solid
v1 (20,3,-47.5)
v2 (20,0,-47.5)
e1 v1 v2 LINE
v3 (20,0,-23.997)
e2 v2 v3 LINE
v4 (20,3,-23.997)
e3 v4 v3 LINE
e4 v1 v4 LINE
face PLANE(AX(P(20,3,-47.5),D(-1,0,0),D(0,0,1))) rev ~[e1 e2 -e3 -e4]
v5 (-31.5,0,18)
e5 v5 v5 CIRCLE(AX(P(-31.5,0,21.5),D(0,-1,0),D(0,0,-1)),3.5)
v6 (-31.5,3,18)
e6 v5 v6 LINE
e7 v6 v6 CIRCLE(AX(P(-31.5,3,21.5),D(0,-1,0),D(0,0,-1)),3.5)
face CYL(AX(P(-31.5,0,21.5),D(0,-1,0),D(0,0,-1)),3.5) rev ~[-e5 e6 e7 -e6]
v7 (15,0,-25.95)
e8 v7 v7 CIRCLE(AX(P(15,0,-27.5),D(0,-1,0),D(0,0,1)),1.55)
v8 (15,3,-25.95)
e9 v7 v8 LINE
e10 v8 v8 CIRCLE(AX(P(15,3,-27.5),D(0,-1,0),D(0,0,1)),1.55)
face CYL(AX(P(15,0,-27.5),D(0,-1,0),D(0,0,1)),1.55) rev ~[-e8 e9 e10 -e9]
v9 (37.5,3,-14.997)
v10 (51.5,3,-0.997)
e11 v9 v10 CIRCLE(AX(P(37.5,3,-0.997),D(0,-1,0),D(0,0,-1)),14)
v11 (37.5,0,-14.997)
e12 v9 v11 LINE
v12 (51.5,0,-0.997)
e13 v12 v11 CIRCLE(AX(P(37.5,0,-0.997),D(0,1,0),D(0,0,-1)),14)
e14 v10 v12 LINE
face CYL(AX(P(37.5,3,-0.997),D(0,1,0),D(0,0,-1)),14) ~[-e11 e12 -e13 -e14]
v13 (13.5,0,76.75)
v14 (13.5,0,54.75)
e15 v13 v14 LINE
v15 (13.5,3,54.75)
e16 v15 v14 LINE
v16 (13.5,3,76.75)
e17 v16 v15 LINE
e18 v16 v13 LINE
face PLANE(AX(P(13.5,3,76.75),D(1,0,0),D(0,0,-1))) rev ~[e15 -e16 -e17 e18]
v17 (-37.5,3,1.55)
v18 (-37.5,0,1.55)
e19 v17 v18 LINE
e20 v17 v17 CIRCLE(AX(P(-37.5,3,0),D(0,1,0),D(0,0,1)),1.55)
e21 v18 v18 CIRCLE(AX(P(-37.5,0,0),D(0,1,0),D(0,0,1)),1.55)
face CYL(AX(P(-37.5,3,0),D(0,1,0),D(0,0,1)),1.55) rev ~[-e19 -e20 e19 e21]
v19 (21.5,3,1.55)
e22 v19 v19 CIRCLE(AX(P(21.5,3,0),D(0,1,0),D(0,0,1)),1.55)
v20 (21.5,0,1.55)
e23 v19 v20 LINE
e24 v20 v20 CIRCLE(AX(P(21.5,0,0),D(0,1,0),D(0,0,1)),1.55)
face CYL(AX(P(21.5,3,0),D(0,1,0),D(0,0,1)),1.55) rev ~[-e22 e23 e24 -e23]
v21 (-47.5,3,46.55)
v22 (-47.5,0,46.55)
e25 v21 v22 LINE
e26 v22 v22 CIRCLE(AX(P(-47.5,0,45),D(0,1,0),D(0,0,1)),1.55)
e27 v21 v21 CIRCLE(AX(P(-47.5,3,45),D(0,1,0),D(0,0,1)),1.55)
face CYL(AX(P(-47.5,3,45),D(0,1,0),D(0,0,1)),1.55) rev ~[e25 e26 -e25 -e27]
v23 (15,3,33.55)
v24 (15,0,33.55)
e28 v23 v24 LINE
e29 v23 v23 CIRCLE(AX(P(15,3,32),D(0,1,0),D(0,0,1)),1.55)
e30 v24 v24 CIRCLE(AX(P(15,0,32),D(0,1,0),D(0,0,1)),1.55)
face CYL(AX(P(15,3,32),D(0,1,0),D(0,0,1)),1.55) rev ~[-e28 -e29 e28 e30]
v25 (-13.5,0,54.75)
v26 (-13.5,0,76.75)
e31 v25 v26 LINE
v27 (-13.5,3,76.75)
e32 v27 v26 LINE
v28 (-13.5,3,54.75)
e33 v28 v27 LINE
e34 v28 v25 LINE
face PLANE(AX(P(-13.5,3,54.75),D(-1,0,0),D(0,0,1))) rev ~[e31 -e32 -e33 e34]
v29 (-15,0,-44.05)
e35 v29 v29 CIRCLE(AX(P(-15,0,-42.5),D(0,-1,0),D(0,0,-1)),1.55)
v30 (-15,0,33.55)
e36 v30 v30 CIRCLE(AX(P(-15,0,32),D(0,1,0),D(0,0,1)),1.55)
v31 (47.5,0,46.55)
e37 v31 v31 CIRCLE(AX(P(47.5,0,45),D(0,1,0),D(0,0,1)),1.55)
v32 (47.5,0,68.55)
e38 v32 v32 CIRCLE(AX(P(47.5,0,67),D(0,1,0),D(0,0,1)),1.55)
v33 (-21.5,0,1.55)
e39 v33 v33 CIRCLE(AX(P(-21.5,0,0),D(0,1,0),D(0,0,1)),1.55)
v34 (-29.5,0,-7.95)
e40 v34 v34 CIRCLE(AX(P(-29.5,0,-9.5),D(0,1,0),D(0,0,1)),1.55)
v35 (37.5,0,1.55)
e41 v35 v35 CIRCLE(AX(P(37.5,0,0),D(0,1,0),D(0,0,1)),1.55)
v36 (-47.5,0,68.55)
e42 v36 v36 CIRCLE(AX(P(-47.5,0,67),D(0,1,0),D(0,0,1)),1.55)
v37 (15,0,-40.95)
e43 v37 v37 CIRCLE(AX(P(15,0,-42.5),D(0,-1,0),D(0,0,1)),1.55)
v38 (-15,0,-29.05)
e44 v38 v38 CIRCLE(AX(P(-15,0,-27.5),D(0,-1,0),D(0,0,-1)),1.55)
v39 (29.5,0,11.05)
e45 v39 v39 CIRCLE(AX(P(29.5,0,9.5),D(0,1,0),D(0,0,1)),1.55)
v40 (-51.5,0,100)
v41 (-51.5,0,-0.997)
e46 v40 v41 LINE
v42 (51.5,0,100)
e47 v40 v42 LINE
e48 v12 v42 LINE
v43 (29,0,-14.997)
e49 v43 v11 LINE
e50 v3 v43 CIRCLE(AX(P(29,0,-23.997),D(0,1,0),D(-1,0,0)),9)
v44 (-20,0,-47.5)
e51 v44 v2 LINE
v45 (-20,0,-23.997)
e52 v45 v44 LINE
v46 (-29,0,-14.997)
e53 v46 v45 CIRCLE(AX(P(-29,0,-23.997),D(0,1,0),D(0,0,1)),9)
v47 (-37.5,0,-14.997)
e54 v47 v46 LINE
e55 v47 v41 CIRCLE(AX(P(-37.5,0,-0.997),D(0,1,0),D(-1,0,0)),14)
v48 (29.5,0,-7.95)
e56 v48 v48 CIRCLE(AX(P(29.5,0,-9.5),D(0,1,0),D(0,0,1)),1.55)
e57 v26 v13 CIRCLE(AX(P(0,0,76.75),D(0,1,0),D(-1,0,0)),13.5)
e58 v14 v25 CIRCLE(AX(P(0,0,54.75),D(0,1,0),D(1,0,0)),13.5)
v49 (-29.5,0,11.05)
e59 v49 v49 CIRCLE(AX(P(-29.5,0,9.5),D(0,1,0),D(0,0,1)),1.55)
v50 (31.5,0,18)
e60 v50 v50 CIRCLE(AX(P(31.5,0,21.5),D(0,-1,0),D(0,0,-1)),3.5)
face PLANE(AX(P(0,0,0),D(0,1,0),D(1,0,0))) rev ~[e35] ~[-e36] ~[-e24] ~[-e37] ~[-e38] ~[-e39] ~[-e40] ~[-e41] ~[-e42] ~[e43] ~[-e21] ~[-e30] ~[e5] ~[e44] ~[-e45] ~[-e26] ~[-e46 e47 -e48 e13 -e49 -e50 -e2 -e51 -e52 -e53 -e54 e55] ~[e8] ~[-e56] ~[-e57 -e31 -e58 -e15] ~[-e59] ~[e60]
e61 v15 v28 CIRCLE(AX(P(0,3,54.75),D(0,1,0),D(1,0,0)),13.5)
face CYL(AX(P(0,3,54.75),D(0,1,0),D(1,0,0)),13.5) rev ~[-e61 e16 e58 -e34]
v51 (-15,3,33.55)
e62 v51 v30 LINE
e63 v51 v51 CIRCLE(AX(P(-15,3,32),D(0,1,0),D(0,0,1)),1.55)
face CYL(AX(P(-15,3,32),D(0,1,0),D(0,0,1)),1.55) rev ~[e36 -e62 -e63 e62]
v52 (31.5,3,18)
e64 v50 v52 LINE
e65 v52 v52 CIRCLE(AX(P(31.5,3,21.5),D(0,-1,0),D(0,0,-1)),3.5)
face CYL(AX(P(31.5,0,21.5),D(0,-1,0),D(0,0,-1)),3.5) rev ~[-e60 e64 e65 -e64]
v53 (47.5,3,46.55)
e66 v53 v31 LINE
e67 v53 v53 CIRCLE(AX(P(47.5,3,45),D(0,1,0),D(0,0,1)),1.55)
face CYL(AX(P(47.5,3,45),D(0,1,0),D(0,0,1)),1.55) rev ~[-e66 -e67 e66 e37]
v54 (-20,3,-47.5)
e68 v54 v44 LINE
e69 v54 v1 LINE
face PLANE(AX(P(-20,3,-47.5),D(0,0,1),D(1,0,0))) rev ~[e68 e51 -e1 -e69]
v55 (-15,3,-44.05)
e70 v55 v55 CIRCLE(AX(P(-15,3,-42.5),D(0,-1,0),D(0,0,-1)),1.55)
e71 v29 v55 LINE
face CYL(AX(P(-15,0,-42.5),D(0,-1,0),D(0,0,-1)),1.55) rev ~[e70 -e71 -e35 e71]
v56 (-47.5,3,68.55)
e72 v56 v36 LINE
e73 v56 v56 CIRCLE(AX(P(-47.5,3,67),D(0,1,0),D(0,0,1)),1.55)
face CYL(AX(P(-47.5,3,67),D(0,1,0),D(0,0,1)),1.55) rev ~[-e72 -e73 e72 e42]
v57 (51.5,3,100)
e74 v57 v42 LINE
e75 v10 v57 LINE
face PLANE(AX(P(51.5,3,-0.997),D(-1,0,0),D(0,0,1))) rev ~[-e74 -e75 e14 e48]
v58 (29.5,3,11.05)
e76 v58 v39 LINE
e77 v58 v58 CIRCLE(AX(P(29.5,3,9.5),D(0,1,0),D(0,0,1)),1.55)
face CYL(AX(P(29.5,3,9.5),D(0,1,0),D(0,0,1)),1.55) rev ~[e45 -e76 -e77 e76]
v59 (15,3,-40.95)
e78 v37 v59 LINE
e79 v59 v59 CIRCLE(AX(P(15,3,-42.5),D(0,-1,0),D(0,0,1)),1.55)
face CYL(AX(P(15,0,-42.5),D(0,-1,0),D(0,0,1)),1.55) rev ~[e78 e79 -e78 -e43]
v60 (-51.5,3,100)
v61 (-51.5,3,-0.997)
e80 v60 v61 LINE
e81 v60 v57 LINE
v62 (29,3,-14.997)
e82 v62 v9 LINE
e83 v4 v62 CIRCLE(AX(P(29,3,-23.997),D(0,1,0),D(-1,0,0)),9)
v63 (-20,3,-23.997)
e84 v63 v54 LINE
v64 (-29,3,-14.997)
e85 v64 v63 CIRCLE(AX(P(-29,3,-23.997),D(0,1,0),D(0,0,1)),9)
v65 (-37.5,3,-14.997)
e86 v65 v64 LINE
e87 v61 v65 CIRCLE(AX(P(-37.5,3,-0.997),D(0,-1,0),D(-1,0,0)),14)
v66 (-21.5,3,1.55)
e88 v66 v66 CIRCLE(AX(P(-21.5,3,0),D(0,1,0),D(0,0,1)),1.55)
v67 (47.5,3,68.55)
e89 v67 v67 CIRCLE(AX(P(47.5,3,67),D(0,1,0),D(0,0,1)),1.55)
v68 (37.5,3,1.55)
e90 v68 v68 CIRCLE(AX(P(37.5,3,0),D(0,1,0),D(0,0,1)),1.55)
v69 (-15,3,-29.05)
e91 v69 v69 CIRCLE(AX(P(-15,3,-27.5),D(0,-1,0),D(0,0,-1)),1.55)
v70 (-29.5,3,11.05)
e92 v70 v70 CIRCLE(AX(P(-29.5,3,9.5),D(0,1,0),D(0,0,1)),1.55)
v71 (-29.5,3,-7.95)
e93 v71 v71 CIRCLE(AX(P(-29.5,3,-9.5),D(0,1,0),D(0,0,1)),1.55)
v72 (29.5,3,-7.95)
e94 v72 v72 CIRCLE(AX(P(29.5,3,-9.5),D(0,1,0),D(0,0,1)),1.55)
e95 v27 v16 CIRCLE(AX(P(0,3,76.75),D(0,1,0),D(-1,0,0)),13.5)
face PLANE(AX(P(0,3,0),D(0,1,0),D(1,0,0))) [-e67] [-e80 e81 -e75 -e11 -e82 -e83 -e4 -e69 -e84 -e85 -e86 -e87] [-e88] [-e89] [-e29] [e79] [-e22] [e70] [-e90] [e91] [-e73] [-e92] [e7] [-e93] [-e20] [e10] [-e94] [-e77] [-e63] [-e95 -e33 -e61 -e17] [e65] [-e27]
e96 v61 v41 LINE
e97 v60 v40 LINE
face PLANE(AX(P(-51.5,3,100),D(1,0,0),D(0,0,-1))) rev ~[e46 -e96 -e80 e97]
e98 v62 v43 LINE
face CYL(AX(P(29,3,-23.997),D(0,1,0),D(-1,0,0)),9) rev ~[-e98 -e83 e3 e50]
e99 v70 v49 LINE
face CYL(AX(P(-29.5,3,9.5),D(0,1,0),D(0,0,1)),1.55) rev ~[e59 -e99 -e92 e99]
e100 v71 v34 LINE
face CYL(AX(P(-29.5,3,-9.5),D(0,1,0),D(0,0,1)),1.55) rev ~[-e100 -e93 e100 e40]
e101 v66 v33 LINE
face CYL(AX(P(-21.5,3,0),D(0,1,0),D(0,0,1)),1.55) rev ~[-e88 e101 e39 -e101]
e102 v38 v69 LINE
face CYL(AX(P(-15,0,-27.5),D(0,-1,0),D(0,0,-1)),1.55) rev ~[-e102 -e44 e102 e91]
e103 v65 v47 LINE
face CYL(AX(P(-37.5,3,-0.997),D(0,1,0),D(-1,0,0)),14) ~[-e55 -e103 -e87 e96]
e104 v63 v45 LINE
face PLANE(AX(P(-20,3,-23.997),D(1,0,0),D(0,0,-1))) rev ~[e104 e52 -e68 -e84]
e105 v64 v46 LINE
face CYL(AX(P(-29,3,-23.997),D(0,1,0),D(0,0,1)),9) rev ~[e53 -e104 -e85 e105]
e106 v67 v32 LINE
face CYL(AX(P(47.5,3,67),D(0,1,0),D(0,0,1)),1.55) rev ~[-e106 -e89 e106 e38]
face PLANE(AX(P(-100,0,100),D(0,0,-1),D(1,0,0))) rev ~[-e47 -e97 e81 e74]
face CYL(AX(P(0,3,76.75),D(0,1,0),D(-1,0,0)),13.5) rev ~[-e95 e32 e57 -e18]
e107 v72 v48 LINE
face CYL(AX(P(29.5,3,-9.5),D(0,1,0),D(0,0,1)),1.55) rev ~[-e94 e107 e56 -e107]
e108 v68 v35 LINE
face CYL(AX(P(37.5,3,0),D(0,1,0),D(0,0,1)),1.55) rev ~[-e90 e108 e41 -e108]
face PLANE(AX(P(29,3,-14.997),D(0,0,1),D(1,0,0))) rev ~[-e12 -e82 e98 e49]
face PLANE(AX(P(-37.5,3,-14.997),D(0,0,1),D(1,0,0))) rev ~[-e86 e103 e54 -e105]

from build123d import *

# Parameters (mm, degrees)
SKETCH_1_W              = 200
SKETCH_1_H              = 200
EXTRUDE_1_DEPTH         = 3
SKETCH_2_R              = 1.55
CUT_EXTRUDE_2_DEPTH     = 10
CUT_EXTRUDE_3_DEPTH     = 10
SKETCH_6_R              = 1.55
CUT_EXTRUDE_3_1_1_DEPTH = 10
SKETCH_7_R              = 1.55
CUT_EXTRUDE_3_1_2_DEPTH = 113.522220028
CUT_EXTRUDE_21_DEPTH    = 10
CUT_EXTRUDE_6_REACH     = 114.522
SKETCH_10_R             = 3.5


with BuildPart() as part:
    # 草图1 → 凸台-拉伸1 (new body)
    with BuildSketch(Plane(origin=(0, 0, 0), x_dir=(1, 0, 0), z_dir=(0, 1, 0))):
        Rectangle(SKETCH_1_W, SKETCH_1_H)
    extrude(amount=EXTRUDE_1_DEPTH)

    # 草图2 → 切除-拉伸2 (cut)
    with BuildSketch(Plane(origin=(0, 3, 0), x_dir=(1, 0, 0), z_dir=(0, 1, 0))):
        with Locations(Location((29.5, 9.5, 0), (0, 0, 270))):
            Circle(SKETCH_2_R)
        with Locations(Location((21.5, 0, 0), (0, 0, 270))):
            Circle(SKETCH_2_R)
        with Locations(Location((29.5, -9.5, 0), (0, 0, 270))):
            Circle(SKETCH_2_R)
        with Locations(Location((37.5, 0, 0), (0, 0, 270))):
            Circle(SKETCH_2_R)
        with Locations(Location((-29.5, -9.5, 0), (0, 0, 270))):
            Circle(SKETCH_2_R)
        with Locations(Location((-37.5, 0, 0), (0, 0, 270))):
            Circle(SKETCH_2_R)
        with Locations(Location((-21.5, 0, 0), (0, 0, 270))):
            Circle(SKETCH_2_R)
        with Locations(Location((-29.5, 9.5, 0), (0, 0, 270))):
            Circle(SKETCH_2_R)
        with Locations(Location((-15, -32, 0), (0, 0, 270))):
            Circle(SKETCH_2_R)
        with Locations(Location((15, -32, 0), (0, 0, 270))):
            Circle(SKETCH_2_R)
    extrude(amount=-CUT_EXTRUDE_2_DEPTH, mode=Mode.SUBTRACT)

    # 草图5 → 切除-拉伸3 (cut)
    with BuildSketch(Plane(origin=(0, 3, 0), x_dir=(1, 0, 0), z_dir=(0, 1, 0))):
        with BuildLine():
            Line((-51.5, -100), (-51.5, 0))
            Line((-51.5, 0), (-51.5, 0.9969997))
            ThreePointArc((-51.5, 0.9969997), (-47.399494937, 10.896494637), (-37.5, 14.9969997))
            Line((-37.5, 14.9969997), (-29, 14.9969997))
            ThreePointArc((-29, 14.9969997), (-22.636038969, 17.633038669), (-20, 23.9969997))
            Line((-20, 23.9969997), (-20, 24.9949995))
            Line((-20, 24.9949995), (-20, 47.5))
            Line((-20, 47.5), (0, 47.5))
            Line((0, 47.5), (20, 47.5))
            Line((20, 47.5), (20, 24.9949995))
            Line((20, 24.9949995), (20, 23.9969997))
            ThreePointArc((20, 23.9969997), (22.636038969, 17.633038669), (29, 14.9969997))
            Line((29, 14.9969997), (37.5, 14.9969997))
            ThreePointArc((37.5, 14.9969997), (47.399494937, 10.896494637), (51.5, 0.9969997))
            Line((51.5, 0.9969997), (51.5, 0))
            Line((51.5, 0), (51.5, -100))
            Line((51.5, -100), (100, -100))
            Line((100, -100), (100, 100))
            Line((100, 100), (-100, 100))
            Line((-100, 100), (-100, -100))
            Line((-100, -100), (-51.5, -100))
        make_face()
    extrude(amount=-CUT_EXTRUDE_3_DEPTH, mode=Mode.SUBTRACT)

    # 草图6 → φ3.1通孔1 (cut)
    with BuildSketch(Plane.XZ):
        with Locations(Location((-15, -42.5, 0), (0, 0, 270))):
            Circle(SKETCH_6_R)
        with Locations(Location((-15, -27.5, 0), (0, 0, 270))):
            Circle(SKETCH_6_R)
        with Locations(Location((15, -27.5, 0), (0, 0, 90))):
            Circle(SKETCH_6_R)
        with Locations(Location((15, -42.5, 0), (0, 0, 90))):
            Circle(SKETCH_6_R)
    extrude(amount=-CUT_EXTRUDE_3_1_1_DEPTH, mode=Mode.SUBTRACT)

    # 草图7 → φ3.1通孔2 (cut, through all)
    with BuildSketch(Plane(origin=(0, 3, 0), x_dir=(1, 0, 0), z_dir=(0, 1, 0))):
        with Locations(Location((-47.5, -45, 0), (0, 0, 270))):
            Circle(SKETCH_7_R)
        with Locations(Location((-47.5, -67, 0), (0, 0, 270))):
            Circle(SKETCH_7_R)
        with Locations(Location((47.5, -45, 0), (0, 0, 270))):
            Circle(SKETCH_7_R)
        with Locations(Location((47.5, -67, 0), (0, 0, 270))):
            Circle(SKETCH_7_R)
    extrude(amount=-CUT_EXTRUDE_3_1_2_DEPTH, mode=Mode.SUBTRACT)

    # 草图9 → φ21拨单电机孔 (cut)
    with BuildSketch(Plane(origin=(0, 3, 0), x_dir=(1, 0, 0), z_dir=(0, 1, 0))):
        with BuildLine():
            Line((-13.5, -54.75), (-13.5, -76.75))
            ThreePointArc((-13.5, -76.75), (0, -90.25), (13.5, -76.75))
            Line((13.5, -76.75), (13.5, -54.75))
            ThreePointArc((13.5, -54.75), (0, -41.25), (-13.5, -54.75))
        make_face()
    extrude(amount=-CUT_EXTRUDE_21_DEPTH, mode=Mode.SUBTRACT)

    # 草图10 → 切除-拉伸6 (cut, up to next)
    with BuildSketch(Plane.XZ, mode=Mode.PRIVATE) as cut_extrude_6_sk1:
        with Locations(Location((-31.5, 21.5, 0), (0, 0, 270))):
            Circle(SKETCH_10_R)
    cut_extrude_6_tool1 = extrude(cut_extrude_6_sk1.sketch, amount=-CUT_EXTRUDE_6_REACH, mode=Mode.PRIVATE) & part.part
    # 草图10 → 切除-拉伸6 (cut, up to next)
    with BuildSketch(Plane.XZ, mode=Mode.PRIVATE) as cut_extrude_6_sk2:
        with Locations(Location((31.5, 21.5, 0), (0, 0, 270))):
            Circle(SKETCH_10_R)
    cut_extrude_6_tool2 = extrude(cut_extrude_6_sk2.sketch, amount=-CUT_EXTRUDE_6_REACH, mode=Mode.PRIVATE) & part.part
    add(cut_extrude_6_tool1.solids().sort_by_distance((-31.5, 0, 21.5))[0], mode=Mode.SUBTRACT)
    add(cut_extrude_6_tool2.solids().sort_by_distance((31.5, 0, 21.5))[0], mode=Mode.SUBTRACT)


solid = part.part
